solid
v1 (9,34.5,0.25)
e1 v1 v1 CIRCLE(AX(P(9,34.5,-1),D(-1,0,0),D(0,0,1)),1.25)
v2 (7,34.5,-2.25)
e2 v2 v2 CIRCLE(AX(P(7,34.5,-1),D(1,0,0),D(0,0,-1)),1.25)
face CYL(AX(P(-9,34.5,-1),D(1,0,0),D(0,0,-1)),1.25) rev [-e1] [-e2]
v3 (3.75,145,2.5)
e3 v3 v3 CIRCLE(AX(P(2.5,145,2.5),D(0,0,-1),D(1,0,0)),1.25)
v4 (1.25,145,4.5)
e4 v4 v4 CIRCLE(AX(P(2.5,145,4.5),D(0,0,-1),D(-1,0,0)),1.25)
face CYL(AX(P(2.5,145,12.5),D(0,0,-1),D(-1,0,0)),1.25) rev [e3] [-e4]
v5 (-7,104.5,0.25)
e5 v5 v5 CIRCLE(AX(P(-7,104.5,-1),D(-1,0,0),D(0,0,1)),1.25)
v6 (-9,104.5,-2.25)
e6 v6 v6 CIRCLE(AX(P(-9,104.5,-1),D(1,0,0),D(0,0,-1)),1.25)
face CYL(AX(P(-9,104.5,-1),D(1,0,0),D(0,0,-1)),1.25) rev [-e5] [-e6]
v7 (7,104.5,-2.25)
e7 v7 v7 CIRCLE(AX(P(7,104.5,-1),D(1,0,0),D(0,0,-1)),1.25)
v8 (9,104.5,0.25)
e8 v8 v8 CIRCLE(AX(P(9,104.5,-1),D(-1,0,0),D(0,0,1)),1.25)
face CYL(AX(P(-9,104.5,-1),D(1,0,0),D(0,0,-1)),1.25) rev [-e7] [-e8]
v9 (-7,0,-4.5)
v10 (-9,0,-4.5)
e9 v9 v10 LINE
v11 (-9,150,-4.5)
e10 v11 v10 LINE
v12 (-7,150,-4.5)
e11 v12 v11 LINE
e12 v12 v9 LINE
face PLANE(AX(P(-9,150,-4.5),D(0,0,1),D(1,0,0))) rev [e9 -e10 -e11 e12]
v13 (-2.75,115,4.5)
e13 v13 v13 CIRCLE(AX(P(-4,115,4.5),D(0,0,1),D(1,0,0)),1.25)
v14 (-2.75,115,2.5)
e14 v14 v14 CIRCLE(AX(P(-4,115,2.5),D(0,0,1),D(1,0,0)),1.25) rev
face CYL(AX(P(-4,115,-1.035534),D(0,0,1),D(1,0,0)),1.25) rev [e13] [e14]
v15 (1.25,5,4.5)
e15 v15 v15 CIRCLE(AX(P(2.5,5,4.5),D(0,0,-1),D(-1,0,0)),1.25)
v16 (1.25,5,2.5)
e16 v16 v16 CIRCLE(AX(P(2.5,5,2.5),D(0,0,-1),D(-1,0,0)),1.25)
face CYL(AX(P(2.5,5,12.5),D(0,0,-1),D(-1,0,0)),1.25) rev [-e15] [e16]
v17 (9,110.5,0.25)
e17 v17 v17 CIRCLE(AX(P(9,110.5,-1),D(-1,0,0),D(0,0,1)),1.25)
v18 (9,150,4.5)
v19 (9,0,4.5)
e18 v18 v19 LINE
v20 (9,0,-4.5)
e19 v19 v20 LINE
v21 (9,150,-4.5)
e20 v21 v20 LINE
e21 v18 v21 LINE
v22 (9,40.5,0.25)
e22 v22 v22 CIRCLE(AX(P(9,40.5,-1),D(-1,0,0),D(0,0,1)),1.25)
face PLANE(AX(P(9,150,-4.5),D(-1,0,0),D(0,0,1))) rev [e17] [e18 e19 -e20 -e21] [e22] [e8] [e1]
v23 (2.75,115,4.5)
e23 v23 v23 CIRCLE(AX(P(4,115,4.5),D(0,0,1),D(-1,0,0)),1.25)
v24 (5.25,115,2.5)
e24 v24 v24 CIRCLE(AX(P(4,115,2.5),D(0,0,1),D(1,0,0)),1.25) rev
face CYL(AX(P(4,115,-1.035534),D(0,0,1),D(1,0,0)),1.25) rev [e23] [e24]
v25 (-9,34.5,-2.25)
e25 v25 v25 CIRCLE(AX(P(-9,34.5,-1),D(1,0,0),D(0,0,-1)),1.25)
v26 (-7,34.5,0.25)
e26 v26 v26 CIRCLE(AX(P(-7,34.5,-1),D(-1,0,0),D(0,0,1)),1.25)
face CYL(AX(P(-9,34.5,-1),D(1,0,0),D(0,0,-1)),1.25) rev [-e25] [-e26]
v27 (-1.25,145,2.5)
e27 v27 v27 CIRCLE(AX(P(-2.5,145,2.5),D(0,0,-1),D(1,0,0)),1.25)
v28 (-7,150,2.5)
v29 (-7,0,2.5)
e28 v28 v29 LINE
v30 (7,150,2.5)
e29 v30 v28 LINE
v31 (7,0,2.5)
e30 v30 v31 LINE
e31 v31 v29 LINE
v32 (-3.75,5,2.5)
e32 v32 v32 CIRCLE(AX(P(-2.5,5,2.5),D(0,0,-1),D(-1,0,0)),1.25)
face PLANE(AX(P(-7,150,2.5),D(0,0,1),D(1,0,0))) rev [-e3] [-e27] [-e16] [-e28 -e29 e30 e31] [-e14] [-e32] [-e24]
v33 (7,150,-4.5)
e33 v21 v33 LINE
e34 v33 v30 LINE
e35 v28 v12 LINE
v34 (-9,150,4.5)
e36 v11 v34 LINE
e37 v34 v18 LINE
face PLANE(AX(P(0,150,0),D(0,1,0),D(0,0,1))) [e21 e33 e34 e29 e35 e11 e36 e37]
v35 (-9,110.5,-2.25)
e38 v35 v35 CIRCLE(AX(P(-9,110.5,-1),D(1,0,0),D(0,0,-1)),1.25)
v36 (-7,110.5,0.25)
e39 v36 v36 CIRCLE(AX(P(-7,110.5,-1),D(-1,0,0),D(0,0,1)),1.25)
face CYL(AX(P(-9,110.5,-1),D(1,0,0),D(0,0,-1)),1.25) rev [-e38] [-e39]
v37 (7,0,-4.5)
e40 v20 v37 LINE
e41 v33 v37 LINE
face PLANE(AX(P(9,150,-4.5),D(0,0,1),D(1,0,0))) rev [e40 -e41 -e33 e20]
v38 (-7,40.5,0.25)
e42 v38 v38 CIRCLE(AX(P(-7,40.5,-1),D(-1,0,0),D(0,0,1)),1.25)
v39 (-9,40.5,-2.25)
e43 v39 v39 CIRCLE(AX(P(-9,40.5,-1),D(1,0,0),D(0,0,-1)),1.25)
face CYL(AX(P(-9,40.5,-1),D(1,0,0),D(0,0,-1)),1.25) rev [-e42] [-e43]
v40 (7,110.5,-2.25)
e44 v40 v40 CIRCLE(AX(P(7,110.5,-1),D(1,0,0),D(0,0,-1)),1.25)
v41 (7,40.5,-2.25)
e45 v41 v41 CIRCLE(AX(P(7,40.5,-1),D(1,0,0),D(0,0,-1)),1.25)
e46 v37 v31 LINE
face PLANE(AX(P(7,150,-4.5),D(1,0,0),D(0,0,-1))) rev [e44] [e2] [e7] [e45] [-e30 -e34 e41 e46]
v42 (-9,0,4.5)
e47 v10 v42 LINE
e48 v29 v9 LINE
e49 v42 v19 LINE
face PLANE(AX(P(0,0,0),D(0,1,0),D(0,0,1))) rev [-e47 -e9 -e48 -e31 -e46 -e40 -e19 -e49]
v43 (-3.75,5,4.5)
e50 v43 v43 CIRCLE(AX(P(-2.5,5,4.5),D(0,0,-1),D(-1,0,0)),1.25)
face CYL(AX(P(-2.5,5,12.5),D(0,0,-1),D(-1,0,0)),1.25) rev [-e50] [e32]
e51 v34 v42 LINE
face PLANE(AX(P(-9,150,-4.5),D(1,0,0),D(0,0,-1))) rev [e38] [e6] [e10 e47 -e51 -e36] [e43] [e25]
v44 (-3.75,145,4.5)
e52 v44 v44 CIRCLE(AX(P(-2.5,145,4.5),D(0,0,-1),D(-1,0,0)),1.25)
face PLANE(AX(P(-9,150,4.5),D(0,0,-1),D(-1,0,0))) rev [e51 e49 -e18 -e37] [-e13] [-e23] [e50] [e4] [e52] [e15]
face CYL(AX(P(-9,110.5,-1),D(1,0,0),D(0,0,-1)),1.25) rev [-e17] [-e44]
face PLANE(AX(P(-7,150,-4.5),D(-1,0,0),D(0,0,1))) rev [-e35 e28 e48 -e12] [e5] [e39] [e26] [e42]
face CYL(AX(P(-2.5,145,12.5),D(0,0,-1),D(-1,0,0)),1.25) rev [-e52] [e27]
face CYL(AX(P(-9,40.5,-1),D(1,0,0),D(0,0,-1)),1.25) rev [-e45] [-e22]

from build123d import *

# Parameters (mm, degrees)
BOSS_EXTRUDE1_DEPTH     = 150
SKETCH2_R               = 1.25
CUT_EXTRUDE1_DEPTH      = 10
SKETCH5_R               = 1.25
CUT_EXTRUDE2_DEPTH      = 1
CUT_EXTRUDE2_DEPTH_BACK = 19
SKETCH7_R               = 1.25
CUT_EXTRUDE3_DEPTH      = 2


with BuildPart() as part:
    # Sketch1 → Boss-Extrude1 (new body)
    with BuildSketch(Plane(origin=(0, 0, 0), x_dir=(1, 0, 0), z_dir=(0, 1, 0))):
        Polygon((-7, 4.5), (-7, -2.5), (7, -2.5), (7, 4.5), (9, 4.5), (9, -4.5), (-9, -4.5), (-9, 4.5), align=None)
    extrude(amount=BOSS_EXTRUDE1_DEPTH)

    # Sketch2 → Cut-Extrude1 (cut)
    with BuildSketch(Plane(origin=(0, 0, 2.5), x_dir=(-1, 0, 0), z_dir=(0, 0, -1))):
        with Locations((-2.5, 5)):
            Circle(SKETCH2_R)
        with Locations((2.5, 5)):
            Circle(SKETCH2_R)
        with Locations((2.5, 145)):
            Circle(SKETCH2_R)
        with Locations((-2.5, 145)):
            Circle(SKETCH2_R)
    extrude(amount=-CUT_EXTRUDE1_DEPTH, mode=Mode.SUBTRACT)

    # Sketch5 → Cut-Extrude2 (cut, two sides)
    with BuildSketch(Plane(origin=(9, 0, 0), x_dir=(0, 0, -1), z_dir=(1, 0, 0))) as cut_extrude2_sk:
        with Locations((1, 110.5)):
            Circle(SKETCH5_R)
        with Locations((1, 104.5)):
            Circle(SKETCH5_R)
        with Locations((1, 40.5)):
            Circle(SKETCH5_R)
        with Locations((1, 34.5)):
            Circle(SKETCH5_R)
    extrude(amount=CUT_EXTRUDE2_DEPTH, mode=Mode.SUBTRACT)
    extrude(cut_extrude2_sk.sketch, amount=-CUT_EXTRUDE2_DEPTH_BACK, mode=Mode.SUBTRACT)

    # Sketch7 → Cut-Extrude3 (cut)
    with BuildSketch(Plane.XY.offset(4.5)):
        with Locations((-4, 115)):
            Circle(SKETCH7_R)
        with Locations((4, 115)):
            Circle(SKETCH7_R)
    extrude(amount=-CUT_EXTRUDE3_DEPTH, mode=Mode.SUBTRACT)


solid = part.part
